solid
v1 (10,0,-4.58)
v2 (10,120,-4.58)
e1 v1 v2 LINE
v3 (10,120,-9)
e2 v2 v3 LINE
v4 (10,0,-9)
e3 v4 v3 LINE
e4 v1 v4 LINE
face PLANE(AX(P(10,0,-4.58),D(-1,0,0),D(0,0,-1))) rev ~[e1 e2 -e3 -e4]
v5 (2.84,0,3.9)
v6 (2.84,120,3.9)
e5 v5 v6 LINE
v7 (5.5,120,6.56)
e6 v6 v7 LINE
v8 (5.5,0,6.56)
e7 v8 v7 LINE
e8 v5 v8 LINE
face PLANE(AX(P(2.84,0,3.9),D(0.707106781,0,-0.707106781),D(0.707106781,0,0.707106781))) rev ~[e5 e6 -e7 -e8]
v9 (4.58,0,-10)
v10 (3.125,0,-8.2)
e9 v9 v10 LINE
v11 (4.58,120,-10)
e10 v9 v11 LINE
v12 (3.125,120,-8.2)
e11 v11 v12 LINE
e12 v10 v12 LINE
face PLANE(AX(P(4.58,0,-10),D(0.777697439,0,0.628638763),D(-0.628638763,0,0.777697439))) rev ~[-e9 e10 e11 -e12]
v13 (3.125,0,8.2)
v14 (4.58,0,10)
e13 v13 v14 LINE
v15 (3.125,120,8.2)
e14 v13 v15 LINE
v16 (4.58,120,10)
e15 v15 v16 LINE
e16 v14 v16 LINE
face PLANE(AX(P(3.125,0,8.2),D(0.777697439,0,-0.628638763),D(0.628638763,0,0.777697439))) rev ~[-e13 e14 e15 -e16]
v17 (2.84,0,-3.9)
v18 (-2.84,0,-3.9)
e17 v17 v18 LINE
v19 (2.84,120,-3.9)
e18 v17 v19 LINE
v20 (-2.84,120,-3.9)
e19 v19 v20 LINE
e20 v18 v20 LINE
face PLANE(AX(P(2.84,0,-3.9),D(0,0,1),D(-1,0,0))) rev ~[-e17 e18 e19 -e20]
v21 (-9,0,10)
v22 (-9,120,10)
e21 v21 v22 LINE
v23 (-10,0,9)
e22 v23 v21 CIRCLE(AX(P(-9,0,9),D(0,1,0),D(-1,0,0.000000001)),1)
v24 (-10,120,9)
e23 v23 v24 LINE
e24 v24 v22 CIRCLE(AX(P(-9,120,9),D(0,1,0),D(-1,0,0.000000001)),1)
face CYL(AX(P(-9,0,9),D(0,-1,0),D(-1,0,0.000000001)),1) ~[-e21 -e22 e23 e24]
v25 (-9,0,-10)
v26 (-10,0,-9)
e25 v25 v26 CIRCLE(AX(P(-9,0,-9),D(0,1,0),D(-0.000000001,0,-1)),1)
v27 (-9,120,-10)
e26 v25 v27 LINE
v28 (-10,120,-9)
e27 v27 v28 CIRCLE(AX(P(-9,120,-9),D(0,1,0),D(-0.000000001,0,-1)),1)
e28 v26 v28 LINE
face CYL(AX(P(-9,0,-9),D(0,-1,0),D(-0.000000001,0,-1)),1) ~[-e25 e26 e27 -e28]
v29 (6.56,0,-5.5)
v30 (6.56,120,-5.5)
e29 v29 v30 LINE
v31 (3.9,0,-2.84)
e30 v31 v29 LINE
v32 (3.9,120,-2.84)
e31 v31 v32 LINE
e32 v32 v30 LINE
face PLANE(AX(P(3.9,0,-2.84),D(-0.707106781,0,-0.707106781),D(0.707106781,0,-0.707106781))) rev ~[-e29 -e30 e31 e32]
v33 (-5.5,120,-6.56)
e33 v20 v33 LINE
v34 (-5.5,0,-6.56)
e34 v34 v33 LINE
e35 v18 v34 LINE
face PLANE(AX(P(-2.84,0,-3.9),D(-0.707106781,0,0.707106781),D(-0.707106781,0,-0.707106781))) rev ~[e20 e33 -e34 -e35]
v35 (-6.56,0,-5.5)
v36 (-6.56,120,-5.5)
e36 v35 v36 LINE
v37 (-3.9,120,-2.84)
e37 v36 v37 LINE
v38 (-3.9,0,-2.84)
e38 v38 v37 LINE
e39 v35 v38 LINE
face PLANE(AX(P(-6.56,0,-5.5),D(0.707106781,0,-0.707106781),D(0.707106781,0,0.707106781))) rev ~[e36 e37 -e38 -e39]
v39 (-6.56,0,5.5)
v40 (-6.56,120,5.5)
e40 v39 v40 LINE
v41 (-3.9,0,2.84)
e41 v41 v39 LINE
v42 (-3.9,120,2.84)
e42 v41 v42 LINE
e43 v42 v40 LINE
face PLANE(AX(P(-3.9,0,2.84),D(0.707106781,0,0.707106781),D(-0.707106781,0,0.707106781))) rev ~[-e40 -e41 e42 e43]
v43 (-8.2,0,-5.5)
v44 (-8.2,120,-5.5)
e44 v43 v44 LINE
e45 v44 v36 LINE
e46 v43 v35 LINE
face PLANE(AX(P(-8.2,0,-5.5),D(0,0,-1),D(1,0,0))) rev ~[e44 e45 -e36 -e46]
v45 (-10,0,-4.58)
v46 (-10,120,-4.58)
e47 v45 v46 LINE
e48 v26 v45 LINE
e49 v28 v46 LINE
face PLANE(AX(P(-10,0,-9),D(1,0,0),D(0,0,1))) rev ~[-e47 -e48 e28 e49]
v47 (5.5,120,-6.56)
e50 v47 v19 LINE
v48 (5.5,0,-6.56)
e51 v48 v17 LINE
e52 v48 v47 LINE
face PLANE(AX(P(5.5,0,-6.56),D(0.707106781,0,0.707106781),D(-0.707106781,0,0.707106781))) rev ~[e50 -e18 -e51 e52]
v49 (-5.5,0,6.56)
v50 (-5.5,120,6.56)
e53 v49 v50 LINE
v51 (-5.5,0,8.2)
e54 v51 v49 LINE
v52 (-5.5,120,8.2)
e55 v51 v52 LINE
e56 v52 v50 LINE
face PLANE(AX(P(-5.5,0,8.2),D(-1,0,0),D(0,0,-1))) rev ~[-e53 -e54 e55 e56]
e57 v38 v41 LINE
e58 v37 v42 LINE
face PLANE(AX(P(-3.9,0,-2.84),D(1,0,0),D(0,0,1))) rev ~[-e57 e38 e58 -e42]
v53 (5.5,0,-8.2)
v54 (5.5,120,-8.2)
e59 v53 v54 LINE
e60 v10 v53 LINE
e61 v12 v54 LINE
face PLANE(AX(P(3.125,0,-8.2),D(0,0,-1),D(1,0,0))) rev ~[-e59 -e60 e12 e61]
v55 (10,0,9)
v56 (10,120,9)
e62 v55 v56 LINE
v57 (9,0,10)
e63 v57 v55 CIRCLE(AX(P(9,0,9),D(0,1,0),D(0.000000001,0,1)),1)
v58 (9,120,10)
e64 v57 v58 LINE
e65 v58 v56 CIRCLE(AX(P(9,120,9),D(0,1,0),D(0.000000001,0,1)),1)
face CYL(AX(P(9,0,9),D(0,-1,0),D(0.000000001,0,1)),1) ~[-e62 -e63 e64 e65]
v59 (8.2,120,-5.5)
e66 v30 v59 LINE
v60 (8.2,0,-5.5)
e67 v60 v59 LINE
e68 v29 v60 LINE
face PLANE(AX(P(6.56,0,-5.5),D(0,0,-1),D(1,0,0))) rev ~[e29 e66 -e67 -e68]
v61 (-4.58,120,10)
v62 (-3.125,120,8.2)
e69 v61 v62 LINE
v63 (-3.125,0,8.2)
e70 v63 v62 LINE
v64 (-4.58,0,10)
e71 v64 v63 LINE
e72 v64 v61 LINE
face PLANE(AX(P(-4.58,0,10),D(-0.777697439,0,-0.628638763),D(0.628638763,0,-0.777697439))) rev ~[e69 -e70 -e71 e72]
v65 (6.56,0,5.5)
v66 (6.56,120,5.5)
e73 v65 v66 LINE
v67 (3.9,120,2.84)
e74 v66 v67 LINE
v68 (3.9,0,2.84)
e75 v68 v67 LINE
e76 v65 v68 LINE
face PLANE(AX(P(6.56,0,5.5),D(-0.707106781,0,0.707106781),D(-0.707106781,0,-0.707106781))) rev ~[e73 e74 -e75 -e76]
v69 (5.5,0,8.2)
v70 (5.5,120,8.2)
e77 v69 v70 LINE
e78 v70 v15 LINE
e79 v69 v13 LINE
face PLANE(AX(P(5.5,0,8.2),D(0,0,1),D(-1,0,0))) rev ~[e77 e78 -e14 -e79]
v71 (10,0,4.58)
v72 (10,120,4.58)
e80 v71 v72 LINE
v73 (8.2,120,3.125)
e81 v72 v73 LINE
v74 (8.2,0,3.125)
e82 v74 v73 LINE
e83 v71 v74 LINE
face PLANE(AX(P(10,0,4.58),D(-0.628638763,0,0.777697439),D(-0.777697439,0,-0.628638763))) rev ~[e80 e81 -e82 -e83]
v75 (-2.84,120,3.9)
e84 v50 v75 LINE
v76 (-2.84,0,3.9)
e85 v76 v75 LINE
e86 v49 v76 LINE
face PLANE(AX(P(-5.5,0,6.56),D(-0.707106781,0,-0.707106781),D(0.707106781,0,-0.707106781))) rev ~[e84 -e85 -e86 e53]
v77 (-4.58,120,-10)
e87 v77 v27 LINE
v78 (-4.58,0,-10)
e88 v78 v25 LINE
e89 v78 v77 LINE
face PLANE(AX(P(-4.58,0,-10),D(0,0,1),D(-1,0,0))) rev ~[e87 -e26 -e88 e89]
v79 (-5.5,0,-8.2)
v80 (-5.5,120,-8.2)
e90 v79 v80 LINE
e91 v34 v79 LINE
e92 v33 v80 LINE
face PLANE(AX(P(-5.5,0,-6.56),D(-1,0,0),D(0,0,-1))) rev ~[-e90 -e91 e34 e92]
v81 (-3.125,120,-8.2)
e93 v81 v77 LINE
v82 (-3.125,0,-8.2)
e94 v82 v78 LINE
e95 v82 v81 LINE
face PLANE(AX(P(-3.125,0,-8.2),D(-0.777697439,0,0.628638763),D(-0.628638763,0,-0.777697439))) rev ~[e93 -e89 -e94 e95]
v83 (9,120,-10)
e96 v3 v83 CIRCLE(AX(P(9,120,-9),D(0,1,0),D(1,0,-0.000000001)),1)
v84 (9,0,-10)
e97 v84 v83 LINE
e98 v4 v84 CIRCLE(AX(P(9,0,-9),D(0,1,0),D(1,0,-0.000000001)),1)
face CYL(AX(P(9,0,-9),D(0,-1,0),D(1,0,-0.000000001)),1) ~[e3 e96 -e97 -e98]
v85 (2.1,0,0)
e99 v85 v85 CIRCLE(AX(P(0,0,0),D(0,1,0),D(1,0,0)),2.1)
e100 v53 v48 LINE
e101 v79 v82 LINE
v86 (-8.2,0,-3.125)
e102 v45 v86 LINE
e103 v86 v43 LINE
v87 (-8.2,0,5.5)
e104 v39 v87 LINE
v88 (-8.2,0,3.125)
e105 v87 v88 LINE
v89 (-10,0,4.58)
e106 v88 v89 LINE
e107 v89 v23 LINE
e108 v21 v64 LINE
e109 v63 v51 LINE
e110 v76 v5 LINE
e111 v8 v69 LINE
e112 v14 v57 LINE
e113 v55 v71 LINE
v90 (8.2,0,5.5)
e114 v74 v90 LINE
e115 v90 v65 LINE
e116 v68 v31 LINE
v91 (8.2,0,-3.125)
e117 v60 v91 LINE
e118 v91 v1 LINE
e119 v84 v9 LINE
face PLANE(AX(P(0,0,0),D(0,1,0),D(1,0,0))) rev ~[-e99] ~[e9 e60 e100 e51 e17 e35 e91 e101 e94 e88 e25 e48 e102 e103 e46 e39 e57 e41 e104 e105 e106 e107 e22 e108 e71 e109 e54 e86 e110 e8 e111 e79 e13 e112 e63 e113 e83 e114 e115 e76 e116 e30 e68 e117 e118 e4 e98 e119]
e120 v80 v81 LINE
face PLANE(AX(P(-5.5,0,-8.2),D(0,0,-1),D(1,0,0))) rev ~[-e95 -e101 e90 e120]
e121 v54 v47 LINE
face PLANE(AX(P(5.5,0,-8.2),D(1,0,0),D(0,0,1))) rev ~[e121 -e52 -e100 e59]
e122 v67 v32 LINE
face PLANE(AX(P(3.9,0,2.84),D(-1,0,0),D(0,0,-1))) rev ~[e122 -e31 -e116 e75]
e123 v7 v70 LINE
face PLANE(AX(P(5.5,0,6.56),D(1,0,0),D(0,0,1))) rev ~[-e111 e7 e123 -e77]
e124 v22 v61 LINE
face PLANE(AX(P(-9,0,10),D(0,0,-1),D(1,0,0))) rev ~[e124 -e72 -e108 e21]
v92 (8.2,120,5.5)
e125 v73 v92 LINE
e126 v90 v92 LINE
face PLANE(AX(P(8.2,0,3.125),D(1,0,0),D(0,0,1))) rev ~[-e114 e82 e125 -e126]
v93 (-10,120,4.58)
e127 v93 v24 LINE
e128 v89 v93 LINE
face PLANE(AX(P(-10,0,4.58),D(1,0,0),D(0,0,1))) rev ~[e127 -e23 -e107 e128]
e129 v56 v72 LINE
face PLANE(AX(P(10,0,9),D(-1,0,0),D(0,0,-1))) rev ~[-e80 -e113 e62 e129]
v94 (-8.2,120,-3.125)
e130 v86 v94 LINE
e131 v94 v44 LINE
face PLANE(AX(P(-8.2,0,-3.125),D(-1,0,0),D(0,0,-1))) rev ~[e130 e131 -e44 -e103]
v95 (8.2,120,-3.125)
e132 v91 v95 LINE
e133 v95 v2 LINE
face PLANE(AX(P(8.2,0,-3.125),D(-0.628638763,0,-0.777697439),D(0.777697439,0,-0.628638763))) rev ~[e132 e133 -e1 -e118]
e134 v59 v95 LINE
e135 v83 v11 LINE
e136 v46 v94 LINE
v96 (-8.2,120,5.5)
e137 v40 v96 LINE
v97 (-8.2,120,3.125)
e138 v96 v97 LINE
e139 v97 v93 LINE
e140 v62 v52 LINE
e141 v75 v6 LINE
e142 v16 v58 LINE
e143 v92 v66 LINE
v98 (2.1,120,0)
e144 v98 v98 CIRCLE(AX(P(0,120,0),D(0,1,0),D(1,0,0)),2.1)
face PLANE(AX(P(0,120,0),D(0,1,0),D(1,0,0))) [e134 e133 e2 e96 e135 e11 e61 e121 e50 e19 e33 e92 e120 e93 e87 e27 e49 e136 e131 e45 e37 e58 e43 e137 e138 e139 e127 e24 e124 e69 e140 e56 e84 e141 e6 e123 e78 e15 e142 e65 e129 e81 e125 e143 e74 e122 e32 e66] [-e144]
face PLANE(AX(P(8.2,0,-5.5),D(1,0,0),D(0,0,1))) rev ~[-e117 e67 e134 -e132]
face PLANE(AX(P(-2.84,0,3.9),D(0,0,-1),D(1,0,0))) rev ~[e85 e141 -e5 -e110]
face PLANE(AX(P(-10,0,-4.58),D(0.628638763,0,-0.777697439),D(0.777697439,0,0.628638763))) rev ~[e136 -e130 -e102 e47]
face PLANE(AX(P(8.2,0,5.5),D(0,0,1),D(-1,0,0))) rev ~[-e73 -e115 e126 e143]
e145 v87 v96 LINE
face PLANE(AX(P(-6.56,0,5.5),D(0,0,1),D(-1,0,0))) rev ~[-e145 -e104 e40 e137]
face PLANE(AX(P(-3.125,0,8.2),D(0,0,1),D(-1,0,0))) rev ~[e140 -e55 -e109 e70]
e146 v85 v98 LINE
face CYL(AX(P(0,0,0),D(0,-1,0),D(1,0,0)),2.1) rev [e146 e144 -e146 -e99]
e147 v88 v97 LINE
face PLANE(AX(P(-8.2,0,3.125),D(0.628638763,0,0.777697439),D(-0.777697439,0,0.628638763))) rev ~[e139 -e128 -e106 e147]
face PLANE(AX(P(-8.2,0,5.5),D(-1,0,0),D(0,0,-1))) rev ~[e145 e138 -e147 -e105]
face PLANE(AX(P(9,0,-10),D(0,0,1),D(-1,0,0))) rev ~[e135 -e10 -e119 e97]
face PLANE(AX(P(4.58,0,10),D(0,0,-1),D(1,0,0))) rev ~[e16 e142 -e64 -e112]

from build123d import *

# Parameters (mm, degrees)
SKETCH1_R           = 2.1
BOSS_EXTRUDE1_DEPTH = 120


with BuildPart() as part:
    # Sketch1 → Boss-Extrude1 (new body)
    with BuildSketch(Plane(origin=(0, 0, 0), x_dir=(1, 0, 0), z_dir=(0, 1, 0))):
        with BuildLine():
            Line((-5.5, 8.2), (-3.125, 8.2))
            Line((-3.125, 8.2), (-4.58, 10))
            Line((-4.58, 10), (-9, 10))
            ThreePointArc((-9, 10), (-9.707106781, 9.707106781), (-10, 9))
            Line((-10, 9), (-10, 4.58))
            Line((-10, 4.58), (-8.2, 3.125))
            Line((-8.2, 3.125), (-8.2, 5.5))
            Line((-8.2, 5.5), (-6.56, 5.5))
            Line((-6.56, 5.5), (-3.9, 2.84))
            Line((-3.9, 2.84), (-3.9, -2.84))
            Line((-3.9, -2.84), (-6.56, -5.5))
            Line((-6.56, -5.5), (-8.2, -5.5))
            Line((-8.2, -5.5), (-8.2, -3.125))
            Line((-8.2, -3.125), (-10, -4.58))
            Line((-10, -4.58), (-10, -9))
            ThreePointArc((-10, -9), (-9.707106781, -9.707106781), (-9, -10))
            Line((-9, -10), (-4.58, -10))
            Line((-4.58, -10), (-3.125, -8.2))
            Line((-3.125, -8.2), (-5.5, -8.2))
            Line((-5.5, -8.2), (-5.5, -6.56))
            Line((-5.5, -6.56), (-2.84, -3.9))
            Line((-2.84, -3.9), (2.84, -3.9))
            Line((2.84, -3.9), (5.5, -6.56))
            Line((5.5, -6.56), (5.5, -8.2))
            Line((5.5, -8.2), (3.125, -8.2))
            Line((3.125, -8.2), (4.58, -10))
            Line((4.58, -10), (9, -10))
            ThreePointArc((9, -10), (9.707106781, -9.707106781), (10, -9))
            Line((10, -9), (10, -4.58))
            Line((10, -4.58), (8.2, -3.125))
            Line((8.2, -3.125), (8.2, -5.5))
            Line((8.2, -5.5), (6.56, -5.5))
            Line((6.56, -5.5), (3.9, -2.84))
            Line((3.9, -2.84), (3.9, 2.84))
            Line((3.9, 2.84), (6.56, 5.5))
            Line((6.56, 5.5), (8.2, 5.5))
            Line((8.2, 5.5), (8.2, 3.125))
            Line((8.2, 3.125), (10, 4.58))
            Line((10, 4.58), (10, 9))
            ThreePointArc((10, 9), (9.707106781, 9.707106781), (9, 10))
            Line((9, 10), (4.58, 10))
            Line((4.58, 10), (3.125, 8.2))
            Line((3.125, 8.2), (5.5, 8.2))
            Line((5.5, 8.2), (5.5, 6.56))
            Line((5.5, 6.56), (2.84, 3.9))
            Line((2.84, 3.9), (-2.84, 3.9))
            Line((-2.84, 3.9), (-5.5, 6.56))
            Line((-5.5, 6.56), (-5.5, 8.2))
        make_face()
        Circle(SKETCH1_R, mode=Mode.SUBTRACT)
    extrude(amount=BOSS_EXTRUDE1_DEPTH)


solid = part.part
